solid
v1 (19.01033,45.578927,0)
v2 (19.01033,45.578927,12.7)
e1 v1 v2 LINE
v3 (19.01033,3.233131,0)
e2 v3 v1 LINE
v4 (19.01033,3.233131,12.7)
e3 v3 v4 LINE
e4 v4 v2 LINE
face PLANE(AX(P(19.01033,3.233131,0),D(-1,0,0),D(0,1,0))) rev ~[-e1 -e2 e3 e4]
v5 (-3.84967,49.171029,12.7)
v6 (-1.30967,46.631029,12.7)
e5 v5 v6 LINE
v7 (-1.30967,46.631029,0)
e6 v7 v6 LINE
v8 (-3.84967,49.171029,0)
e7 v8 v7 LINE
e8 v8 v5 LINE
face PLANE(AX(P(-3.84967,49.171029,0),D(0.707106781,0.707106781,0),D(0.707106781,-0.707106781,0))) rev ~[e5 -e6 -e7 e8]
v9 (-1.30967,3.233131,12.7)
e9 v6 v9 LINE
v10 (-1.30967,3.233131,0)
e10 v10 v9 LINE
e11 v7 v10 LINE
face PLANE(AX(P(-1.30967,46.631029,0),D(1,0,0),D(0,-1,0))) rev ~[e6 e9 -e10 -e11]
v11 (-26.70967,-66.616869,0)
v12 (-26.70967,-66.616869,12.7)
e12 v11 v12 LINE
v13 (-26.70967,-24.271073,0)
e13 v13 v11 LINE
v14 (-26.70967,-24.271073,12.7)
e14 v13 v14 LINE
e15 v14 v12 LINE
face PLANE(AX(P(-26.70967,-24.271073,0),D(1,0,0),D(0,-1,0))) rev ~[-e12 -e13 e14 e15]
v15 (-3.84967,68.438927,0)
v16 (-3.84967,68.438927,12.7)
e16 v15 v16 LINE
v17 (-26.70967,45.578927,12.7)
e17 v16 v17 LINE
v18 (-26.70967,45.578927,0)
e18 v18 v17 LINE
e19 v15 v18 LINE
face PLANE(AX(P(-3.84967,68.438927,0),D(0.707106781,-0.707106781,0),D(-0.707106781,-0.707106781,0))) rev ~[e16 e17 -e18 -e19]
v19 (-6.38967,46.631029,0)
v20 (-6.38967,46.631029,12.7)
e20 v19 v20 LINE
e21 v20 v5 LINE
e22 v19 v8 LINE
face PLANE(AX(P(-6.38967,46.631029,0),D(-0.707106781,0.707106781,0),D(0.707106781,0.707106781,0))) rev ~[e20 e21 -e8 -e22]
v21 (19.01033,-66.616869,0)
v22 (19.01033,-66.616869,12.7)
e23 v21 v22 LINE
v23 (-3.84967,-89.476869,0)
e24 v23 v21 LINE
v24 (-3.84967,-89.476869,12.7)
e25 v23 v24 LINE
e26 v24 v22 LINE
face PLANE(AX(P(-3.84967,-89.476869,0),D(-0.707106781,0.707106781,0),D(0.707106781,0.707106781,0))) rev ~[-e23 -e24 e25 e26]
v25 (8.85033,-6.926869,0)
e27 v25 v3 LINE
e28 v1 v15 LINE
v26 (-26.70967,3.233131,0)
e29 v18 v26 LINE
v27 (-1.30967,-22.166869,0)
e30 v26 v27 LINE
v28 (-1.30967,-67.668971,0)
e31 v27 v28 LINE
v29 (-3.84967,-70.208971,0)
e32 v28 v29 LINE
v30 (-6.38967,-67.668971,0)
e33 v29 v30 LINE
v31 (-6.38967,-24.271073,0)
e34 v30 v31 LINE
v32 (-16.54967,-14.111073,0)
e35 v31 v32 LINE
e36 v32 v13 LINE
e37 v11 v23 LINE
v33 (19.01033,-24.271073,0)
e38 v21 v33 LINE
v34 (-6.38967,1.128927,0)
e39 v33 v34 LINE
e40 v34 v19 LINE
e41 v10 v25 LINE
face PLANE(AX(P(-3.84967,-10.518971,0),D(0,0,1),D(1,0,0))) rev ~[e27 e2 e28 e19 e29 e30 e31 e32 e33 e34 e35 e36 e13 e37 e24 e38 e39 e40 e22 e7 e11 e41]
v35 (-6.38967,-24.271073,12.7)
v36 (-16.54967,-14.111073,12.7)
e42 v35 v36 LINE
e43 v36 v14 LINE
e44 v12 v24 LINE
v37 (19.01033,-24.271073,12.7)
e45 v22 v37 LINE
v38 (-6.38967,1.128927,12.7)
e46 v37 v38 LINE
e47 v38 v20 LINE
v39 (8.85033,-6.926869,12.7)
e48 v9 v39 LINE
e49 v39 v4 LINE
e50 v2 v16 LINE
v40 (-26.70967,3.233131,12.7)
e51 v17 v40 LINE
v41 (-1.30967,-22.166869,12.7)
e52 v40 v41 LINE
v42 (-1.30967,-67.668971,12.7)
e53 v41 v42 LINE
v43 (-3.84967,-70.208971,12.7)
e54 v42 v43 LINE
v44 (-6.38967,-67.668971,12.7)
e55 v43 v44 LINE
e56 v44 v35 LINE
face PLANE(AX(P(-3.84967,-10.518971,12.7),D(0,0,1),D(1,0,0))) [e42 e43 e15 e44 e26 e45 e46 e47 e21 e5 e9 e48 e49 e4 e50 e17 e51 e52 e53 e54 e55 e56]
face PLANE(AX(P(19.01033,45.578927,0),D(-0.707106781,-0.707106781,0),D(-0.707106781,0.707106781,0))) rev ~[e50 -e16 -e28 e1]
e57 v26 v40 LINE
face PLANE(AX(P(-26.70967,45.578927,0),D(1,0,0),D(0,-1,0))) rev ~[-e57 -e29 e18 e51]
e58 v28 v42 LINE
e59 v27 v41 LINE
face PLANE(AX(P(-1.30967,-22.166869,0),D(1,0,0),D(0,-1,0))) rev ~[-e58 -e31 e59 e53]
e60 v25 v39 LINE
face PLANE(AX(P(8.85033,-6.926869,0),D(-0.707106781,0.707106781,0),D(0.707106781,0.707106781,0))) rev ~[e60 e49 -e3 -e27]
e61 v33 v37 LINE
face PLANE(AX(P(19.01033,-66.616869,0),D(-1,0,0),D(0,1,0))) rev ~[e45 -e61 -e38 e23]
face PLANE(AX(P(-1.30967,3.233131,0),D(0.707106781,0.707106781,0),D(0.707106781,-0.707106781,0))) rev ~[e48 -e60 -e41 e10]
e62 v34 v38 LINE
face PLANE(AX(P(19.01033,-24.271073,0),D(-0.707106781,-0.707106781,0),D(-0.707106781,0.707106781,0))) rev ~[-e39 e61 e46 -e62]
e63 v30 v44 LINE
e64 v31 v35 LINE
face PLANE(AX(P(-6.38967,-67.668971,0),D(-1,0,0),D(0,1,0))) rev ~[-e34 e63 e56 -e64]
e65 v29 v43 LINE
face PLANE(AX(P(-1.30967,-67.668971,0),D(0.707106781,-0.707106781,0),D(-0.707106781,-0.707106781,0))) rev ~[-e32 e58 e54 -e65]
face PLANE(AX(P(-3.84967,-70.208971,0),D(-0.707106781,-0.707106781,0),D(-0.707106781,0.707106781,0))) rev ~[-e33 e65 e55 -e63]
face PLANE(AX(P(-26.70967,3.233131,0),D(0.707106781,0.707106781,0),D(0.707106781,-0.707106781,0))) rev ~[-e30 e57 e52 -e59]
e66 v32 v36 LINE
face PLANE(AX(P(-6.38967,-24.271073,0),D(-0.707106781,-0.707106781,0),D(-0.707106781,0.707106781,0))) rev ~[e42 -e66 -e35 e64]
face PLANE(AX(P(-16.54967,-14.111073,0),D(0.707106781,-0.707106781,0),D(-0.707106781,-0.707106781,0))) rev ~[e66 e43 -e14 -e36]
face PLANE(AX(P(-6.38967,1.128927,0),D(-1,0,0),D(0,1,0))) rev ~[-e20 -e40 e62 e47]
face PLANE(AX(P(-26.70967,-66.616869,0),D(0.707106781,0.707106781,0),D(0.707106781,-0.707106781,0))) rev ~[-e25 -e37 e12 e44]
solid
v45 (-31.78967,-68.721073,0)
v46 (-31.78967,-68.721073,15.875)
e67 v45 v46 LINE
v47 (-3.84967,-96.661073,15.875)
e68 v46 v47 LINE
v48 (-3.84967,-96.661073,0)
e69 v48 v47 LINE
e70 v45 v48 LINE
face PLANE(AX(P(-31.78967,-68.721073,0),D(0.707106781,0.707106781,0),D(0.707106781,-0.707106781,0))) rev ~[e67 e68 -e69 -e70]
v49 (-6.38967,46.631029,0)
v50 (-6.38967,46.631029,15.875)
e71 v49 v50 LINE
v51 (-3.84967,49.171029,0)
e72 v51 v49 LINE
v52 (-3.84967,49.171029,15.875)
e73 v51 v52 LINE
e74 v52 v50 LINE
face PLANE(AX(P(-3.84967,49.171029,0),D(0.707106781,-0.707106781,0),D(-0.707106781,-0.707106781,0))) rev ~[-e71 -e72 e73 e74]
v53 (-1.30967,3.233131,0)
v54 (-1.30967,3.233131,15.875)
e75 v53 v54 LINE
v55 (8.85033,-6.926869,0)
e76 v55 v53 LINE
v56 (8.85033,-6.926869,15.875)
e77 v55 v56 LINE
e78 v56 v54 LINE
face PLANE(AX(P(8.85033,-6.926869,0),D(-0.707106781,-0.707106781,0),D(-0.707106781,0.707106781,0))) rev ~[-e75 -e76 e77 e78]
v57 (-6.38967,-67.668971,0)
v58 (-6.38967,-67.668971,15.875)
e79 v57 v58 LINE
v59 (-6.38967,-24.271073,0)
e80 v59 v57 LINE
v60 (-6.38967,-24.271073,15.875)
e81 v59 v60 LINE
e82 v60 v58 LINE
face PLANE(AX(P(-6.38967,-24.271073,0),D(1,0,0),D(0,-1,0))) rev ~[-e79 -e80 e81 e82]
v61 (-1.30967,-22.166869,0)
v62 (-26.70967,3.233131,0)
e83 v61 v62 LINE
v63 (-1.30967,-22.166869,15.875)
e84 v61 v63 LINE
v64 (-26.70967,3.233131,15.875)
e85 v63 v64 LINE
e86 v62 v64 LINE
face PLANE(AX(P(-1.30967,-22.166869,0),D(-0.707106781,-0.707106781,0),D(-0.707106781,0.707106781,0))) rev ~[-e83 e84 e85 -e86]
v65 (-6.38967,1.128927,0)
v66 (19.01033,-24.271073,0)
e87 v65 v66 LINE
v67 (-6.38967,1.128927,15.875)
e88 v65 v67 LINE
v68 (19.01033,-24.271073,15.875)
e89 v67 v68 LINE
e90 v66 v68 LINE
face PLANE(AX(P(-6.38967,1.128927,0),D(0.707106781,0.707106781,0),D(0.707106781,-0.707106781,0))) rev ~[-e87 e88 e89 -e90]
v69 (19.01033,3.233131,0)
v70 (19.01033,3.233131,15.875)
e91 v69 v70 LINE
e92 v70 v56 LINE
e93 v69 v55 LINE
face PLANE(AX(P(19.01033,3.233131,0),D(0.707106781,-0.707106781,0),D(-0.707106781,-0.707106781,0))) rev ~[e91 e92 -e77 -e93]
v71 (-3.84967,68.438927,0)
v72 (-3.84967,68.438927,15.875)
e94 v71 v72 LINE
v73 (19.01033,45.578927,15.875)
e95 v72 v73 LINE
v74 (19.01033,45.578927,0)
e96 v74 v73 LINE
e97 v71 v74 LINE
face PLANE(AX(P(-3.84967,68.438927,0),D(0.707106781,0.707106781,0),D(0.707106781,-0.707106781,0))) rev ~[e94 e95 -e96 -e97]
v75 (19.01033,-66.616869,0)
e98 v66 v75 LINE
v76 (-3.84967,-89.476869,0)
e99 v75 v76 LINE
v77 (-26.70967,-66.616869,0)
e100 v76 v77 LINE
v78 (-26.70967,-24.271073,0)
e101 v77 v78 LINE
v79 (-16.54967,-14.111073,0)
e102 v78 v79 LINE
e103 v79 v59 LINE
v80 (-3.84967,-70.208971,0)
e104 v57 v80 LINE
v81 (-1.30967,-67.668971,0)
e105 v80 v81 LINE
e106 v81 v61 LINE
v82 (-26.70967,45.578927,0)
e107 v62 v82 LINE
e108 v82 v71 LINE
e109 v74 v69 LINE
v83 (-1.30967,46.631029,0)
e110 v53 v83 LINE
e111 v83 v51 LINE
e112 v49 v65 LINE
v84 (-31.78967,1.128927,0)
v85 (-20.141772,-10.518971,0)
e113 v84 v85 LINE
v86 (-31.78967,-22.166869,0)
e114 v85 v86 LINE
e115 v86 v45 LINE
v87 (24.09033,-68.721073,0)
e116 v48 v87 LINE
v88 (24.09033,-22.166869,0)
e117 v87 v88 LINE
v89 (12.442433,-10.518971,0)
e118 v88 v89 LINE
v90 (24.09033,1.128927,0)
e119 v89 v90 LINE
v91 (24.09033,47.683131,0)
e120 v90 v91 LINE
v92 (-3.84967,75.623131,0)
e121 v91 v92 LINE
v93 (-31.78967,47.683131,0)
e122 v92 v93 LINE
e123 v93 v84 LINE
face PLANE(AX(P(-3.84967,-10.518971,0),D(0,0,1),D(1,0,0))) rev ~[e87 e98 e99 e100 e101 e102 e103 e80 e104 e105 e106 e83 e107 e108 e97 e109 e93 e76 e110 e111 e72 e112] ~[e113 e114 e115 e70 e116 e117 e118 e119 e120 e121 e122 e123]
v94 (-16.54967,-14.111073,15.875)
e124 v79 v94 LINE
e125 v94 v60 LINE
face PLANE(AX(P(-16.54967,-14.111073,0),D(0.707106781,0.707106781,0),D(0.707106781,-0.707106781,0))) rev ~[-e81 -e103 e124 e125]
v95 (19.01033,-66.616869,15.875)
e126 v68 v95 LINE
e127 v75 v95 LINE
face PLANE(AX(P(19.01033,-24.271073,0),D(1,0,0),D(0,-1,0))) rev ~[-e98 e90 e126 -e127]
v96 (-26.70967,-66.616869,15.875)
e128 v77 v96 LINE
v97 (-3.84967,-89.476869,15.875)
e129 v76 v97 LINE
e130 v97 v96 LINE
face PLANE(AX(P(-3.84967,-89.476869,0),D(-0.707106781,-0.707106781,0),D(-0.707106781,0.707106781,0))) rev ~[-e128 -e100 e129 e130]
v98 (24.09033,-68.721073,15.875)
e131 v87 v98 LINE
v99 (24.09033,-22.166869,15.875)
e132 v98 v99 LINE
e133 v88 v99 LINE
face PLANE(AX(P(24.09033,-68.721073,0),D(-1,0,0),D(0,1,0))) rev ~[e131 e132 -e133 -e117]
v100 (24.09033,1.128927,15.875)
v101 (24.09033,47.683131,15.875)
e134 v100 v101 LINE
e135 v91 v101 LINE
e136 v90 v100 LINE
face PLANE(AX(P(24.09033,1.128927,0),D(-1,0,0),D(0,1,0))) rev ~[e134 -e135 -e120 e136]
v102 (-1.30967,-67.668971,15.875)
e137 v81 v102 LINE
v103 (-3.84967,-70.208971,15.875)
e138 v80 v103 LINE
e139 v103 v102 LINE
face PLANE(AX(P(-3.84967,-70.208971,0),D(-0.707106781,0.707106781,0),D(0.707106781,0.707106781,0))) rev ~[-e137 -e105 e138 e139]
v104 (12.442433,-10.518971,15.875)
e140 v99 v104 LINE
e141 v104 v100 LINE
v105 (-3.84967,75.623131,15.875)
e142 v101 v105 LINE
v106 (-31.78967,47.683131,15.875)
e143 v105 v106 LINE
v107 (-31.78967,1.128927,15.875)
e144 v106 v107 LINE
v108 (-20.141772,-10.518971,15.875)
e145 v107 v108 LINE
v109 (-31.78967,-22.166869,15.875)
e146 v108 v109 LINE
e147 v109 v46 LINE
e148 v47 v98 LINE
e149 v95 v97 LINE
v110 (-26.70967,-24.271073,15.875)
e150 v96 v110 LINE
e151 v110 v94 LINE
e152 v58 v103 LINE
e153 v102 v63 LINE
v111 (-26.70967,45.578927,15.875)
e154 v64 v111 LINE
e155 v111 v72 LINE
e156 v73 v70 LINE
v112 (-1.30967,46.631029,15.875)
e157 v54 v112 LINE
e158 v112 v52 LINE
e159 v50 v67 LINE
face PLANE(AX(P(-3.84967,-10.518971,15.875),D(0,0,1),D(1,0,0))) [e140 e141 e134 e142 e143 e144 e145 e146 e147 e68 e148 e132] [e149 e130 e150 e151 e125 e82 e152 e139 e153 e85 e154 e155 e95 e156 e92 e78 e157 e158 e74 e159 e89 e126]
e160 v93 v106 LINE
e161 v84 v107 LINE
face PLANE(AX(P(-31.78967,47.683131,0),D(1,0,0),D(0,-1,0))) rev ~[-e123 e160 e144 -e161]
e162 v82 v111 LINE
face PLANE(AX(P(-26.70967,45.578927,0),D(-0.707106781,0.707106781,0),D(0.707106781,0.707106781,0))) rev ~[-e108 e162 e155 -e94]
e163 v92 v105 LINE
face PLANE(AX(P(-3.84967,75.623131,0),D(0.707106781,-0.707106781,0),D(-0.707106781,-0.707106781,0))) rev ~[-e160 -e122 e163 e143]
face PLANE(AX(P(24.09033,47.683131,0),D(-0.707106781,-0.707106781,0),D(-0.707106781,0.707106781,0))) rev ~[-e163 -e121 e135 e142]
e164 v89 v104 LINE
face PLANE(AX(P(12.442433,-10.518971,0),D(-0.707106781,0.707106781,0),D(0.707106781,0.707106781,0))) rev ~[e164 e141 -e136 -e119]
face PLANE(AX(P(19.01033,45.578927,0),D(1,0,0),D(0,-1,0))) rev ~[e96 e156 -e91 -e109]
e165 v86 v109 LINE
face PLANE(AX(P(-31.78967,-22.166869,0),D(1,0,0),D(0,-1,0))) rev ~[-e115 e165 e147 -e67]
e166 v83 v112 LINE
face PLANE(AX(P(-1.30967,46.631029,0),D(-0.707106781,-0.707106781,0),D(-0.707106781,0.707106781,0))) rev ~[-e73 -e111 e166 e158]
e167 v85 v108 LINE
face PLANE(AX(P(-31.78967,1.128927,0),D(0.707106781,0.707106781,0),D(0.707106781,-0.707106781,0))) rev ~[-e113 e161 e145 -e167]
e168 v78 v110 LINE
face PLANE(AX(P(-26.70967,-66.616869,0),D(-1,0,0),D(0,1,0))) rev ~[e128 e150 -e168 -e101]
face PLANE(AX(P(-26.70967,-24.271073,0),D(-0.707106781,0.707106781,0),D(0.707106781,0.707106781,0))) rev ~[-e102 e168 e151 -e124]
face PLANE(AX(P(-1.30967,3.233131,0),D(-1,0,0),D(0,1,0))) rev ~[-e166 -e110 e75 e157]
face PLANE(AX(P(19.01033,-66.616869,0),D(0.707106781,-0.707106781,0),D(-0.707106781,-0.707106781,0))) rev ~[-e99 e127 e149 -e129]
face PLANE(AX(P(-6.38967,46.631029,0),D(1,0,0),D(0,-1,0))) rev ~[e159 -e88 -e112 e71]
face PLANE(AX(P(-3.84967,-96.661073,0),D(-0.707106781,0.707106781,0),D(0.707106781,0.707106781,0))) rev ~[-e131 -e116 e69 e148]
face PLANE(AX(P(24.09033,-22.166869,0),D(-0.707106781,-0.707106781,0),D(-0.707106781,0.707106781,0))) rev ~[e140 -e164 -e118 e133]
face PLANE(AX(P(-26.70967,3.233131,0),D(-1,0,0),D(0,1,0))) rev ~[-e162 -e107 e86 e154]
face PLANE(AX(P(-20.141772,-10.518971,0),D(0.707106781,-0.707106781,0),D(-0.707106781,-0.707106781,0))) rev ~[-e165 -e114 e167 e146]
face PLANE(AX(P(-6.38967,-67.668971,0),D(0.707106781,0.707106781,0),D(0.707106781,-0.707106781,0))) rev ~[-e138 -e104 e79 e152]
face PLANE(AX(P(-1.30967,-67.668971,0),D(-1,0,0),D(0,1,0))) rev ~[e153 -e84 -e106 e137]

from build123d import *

# Parameters (mm, degrees)
F1_DEPTH = 12.7
F3_DEPTH = 15.875


with BuildPart() as f1:
    # F0 (on Top) → F1 (new body)
    with BuildSketch(Plane.XY):
        Polygon((-6.3896695265, 1.1289265677), (-6.3896695265, 46.6310290162), (-3.8496695265, 49.1710290162), (-1.3096695265, 46.6310290162), (-1.3096695265, 3.2331314646), (8.8503304735, -6.9268685354), (19.0103304735, 3.2331314646), (19.0103304735, 45.5789265677), (-3.8496695265, 68.4389265677), (-26.7096695265, 45.5789265677), (-26.7096695265, 3.2331314646), (-1.3096695265, -22.1668685354), (-1.3096695265, -67.6689709838), (-3.8496695265, -70.2089709838), (-6.3896695265, -67.6689709838), (-6.3896695265, -24.2710734323), (-16.5496695265, -14.1110734323), (-26.7096695265, -24.2710734323), (-26.7096695265, -66.6168685354), (-3.8496695265, -89.4768685354), (19.0103304735, -66.6168685354), (19.0103304735, -24.2710734323), align=None)
    extrude(amount=F1_DEPTH)


with BuildPart() as f3:
    # F2 (on Top) → F3 (new body)
    with BuildSketch(Plane.XY):
        Polygon((-3.8496695265, 72.0310290162), (-29.2496695265, 46.6310290162), (-29.2496695265, 2.1810290162), (-18.3457207507, -8.7229197596), (-16.5496695265, -10.5189709838), (-18.3457207507, -12.315022208), (-29.2496695265, -23.2189709838), (-29.2496695265, -67.6689709838), (-3.8496695265, -93.0689709838), (21.5503304735, -67.6689709838), (21.5503304735, -23.2189709838), (10.6463816977, -12.315022208), (8.8503304735, -10.5189709838), (10.6463816977, -8.7229197596), (21.5503304735, 2.1810290162), (21.5503304735, 46.6310290162), align=None)
        Polygon((-3.8496695265, 2.1810290162), (-3.8496695265, 46.6310290162), (-6.3896695265, 46.6310290162), (-6.3896695265, 1.1289265677), (19.0103304735, -24.2710734323), (19.0103304735, -66.6168685354), (-3.8496695265, -89.4768685354), (-26.7096695265, -66.6168685354), (-26.7096695265, -24.2710734323), (-16.5496695265, -14.1110734323), (-14.7536183023, -12.315022208), (-3.8496695265, -23.2189709838), (-3.8496695265, -67.6689709838), (-1.3096695265, -67.6689709838), (-1.3096695265, -22.1668685354), (-26.7096695265, 3.2331314646), (-26.7096695265, 45.5789265677), (-3.8496695265, 68.4389265677), (19.0103304735, 45.5789265677), (19.0103304735, 3.2331314646), (8.8503304735, -6.9268685354), (7.0542792493, -8.7229197596), align=None, mode=Mode.SUBTRACT)
        Polygon((-29.2496695265, 2.1810290162), (-29.2496695265, 46.6310290162), (-3.8496695265, 72.0310290162), (21.5503304735, 46.6310290162), (21.5503304735, 2.1810290162), (10.6463816977, -8.7229197596), (12.442432922, -10.5189709838), (24.0903304735, 1.1289265677), (24.0903304735, 47.6831314646), (-3.8496695265, 75.6231314646), (-31.7896695265, 47.6831314646), (-31.7896695265, 1.1289265677), (-20.1417719749, -10.5189709838), (-18.3457207507, -8.7229197596), align=None)
        Polygon((-18.3457207507, -12.315022208), (-20.1417719749, -10.5189709838), (-31.7896695265, -22.1668685354), (-31.7896695265, -68.7210734323), (-3.8496695265, -96.6610734323), (24.0903304735, -68.7210734323), (24.0903304735, -22.1668685354), (12.442432922, -10.5189709838), (10.6463816977, -12.315022208), (21.5503304735, -23.2189709838), (21.5503304735, -67.6689709838), (-3.8496695265, -93.0689709838), (-29.2496695265, -67.6689709838), (-29.2496695265, -23.2189709838), align=None)
        Polygon((-14.7536183023, -12.315022208), (-16.5496695265, -14.1110734323), (-6.3896695265, -24.2710734323), (-6.3896695265, -67.6689709838), (-3.8496695265, -67.6689709838), (-3.8496695265, -23.2189709838), align=None)
        Polygon((-1.3096695265, 46.6310290162), (-3.8496695265, 46.6310290162), (-3.8496695265, 2.1810290162), (7.0542792493, -8.7229197596), (8.8503304735, -6.9268685354), (-1.3096695265, 3.2331314646), align=None)
        Polygon((-16.5496695265, -10.5189709838), (-18.3457207507, -8.7229197596), (-20.1417719749, -10.5189709838), (-18.3457207507, -12.315022208), align=None)
        Polygon((12.442432922, -10.5189709838), (10.6463816977, -8.7229197596), (8.8503304735, -10.5189709838), (10.6463816977, -12.315022208), align=None)
        Polygon((-6.3896695265, 46.6310290162), (-3.8496695265, 46.6310290162), (-1.3096695265, 46.6310290162), (-3.8496695265, 49.1710290162), align=None)
        Polygon((-3.8496695265, -70.2089709838), (-1.3096695265, -67.6689709838), (-3.8496695265, -67.6689709838), (-6.3896695265, -67.6689709838), align=None)
    extrude(amount=F3_DEPTH)


solid = Compound([f1.part, f3.part])
